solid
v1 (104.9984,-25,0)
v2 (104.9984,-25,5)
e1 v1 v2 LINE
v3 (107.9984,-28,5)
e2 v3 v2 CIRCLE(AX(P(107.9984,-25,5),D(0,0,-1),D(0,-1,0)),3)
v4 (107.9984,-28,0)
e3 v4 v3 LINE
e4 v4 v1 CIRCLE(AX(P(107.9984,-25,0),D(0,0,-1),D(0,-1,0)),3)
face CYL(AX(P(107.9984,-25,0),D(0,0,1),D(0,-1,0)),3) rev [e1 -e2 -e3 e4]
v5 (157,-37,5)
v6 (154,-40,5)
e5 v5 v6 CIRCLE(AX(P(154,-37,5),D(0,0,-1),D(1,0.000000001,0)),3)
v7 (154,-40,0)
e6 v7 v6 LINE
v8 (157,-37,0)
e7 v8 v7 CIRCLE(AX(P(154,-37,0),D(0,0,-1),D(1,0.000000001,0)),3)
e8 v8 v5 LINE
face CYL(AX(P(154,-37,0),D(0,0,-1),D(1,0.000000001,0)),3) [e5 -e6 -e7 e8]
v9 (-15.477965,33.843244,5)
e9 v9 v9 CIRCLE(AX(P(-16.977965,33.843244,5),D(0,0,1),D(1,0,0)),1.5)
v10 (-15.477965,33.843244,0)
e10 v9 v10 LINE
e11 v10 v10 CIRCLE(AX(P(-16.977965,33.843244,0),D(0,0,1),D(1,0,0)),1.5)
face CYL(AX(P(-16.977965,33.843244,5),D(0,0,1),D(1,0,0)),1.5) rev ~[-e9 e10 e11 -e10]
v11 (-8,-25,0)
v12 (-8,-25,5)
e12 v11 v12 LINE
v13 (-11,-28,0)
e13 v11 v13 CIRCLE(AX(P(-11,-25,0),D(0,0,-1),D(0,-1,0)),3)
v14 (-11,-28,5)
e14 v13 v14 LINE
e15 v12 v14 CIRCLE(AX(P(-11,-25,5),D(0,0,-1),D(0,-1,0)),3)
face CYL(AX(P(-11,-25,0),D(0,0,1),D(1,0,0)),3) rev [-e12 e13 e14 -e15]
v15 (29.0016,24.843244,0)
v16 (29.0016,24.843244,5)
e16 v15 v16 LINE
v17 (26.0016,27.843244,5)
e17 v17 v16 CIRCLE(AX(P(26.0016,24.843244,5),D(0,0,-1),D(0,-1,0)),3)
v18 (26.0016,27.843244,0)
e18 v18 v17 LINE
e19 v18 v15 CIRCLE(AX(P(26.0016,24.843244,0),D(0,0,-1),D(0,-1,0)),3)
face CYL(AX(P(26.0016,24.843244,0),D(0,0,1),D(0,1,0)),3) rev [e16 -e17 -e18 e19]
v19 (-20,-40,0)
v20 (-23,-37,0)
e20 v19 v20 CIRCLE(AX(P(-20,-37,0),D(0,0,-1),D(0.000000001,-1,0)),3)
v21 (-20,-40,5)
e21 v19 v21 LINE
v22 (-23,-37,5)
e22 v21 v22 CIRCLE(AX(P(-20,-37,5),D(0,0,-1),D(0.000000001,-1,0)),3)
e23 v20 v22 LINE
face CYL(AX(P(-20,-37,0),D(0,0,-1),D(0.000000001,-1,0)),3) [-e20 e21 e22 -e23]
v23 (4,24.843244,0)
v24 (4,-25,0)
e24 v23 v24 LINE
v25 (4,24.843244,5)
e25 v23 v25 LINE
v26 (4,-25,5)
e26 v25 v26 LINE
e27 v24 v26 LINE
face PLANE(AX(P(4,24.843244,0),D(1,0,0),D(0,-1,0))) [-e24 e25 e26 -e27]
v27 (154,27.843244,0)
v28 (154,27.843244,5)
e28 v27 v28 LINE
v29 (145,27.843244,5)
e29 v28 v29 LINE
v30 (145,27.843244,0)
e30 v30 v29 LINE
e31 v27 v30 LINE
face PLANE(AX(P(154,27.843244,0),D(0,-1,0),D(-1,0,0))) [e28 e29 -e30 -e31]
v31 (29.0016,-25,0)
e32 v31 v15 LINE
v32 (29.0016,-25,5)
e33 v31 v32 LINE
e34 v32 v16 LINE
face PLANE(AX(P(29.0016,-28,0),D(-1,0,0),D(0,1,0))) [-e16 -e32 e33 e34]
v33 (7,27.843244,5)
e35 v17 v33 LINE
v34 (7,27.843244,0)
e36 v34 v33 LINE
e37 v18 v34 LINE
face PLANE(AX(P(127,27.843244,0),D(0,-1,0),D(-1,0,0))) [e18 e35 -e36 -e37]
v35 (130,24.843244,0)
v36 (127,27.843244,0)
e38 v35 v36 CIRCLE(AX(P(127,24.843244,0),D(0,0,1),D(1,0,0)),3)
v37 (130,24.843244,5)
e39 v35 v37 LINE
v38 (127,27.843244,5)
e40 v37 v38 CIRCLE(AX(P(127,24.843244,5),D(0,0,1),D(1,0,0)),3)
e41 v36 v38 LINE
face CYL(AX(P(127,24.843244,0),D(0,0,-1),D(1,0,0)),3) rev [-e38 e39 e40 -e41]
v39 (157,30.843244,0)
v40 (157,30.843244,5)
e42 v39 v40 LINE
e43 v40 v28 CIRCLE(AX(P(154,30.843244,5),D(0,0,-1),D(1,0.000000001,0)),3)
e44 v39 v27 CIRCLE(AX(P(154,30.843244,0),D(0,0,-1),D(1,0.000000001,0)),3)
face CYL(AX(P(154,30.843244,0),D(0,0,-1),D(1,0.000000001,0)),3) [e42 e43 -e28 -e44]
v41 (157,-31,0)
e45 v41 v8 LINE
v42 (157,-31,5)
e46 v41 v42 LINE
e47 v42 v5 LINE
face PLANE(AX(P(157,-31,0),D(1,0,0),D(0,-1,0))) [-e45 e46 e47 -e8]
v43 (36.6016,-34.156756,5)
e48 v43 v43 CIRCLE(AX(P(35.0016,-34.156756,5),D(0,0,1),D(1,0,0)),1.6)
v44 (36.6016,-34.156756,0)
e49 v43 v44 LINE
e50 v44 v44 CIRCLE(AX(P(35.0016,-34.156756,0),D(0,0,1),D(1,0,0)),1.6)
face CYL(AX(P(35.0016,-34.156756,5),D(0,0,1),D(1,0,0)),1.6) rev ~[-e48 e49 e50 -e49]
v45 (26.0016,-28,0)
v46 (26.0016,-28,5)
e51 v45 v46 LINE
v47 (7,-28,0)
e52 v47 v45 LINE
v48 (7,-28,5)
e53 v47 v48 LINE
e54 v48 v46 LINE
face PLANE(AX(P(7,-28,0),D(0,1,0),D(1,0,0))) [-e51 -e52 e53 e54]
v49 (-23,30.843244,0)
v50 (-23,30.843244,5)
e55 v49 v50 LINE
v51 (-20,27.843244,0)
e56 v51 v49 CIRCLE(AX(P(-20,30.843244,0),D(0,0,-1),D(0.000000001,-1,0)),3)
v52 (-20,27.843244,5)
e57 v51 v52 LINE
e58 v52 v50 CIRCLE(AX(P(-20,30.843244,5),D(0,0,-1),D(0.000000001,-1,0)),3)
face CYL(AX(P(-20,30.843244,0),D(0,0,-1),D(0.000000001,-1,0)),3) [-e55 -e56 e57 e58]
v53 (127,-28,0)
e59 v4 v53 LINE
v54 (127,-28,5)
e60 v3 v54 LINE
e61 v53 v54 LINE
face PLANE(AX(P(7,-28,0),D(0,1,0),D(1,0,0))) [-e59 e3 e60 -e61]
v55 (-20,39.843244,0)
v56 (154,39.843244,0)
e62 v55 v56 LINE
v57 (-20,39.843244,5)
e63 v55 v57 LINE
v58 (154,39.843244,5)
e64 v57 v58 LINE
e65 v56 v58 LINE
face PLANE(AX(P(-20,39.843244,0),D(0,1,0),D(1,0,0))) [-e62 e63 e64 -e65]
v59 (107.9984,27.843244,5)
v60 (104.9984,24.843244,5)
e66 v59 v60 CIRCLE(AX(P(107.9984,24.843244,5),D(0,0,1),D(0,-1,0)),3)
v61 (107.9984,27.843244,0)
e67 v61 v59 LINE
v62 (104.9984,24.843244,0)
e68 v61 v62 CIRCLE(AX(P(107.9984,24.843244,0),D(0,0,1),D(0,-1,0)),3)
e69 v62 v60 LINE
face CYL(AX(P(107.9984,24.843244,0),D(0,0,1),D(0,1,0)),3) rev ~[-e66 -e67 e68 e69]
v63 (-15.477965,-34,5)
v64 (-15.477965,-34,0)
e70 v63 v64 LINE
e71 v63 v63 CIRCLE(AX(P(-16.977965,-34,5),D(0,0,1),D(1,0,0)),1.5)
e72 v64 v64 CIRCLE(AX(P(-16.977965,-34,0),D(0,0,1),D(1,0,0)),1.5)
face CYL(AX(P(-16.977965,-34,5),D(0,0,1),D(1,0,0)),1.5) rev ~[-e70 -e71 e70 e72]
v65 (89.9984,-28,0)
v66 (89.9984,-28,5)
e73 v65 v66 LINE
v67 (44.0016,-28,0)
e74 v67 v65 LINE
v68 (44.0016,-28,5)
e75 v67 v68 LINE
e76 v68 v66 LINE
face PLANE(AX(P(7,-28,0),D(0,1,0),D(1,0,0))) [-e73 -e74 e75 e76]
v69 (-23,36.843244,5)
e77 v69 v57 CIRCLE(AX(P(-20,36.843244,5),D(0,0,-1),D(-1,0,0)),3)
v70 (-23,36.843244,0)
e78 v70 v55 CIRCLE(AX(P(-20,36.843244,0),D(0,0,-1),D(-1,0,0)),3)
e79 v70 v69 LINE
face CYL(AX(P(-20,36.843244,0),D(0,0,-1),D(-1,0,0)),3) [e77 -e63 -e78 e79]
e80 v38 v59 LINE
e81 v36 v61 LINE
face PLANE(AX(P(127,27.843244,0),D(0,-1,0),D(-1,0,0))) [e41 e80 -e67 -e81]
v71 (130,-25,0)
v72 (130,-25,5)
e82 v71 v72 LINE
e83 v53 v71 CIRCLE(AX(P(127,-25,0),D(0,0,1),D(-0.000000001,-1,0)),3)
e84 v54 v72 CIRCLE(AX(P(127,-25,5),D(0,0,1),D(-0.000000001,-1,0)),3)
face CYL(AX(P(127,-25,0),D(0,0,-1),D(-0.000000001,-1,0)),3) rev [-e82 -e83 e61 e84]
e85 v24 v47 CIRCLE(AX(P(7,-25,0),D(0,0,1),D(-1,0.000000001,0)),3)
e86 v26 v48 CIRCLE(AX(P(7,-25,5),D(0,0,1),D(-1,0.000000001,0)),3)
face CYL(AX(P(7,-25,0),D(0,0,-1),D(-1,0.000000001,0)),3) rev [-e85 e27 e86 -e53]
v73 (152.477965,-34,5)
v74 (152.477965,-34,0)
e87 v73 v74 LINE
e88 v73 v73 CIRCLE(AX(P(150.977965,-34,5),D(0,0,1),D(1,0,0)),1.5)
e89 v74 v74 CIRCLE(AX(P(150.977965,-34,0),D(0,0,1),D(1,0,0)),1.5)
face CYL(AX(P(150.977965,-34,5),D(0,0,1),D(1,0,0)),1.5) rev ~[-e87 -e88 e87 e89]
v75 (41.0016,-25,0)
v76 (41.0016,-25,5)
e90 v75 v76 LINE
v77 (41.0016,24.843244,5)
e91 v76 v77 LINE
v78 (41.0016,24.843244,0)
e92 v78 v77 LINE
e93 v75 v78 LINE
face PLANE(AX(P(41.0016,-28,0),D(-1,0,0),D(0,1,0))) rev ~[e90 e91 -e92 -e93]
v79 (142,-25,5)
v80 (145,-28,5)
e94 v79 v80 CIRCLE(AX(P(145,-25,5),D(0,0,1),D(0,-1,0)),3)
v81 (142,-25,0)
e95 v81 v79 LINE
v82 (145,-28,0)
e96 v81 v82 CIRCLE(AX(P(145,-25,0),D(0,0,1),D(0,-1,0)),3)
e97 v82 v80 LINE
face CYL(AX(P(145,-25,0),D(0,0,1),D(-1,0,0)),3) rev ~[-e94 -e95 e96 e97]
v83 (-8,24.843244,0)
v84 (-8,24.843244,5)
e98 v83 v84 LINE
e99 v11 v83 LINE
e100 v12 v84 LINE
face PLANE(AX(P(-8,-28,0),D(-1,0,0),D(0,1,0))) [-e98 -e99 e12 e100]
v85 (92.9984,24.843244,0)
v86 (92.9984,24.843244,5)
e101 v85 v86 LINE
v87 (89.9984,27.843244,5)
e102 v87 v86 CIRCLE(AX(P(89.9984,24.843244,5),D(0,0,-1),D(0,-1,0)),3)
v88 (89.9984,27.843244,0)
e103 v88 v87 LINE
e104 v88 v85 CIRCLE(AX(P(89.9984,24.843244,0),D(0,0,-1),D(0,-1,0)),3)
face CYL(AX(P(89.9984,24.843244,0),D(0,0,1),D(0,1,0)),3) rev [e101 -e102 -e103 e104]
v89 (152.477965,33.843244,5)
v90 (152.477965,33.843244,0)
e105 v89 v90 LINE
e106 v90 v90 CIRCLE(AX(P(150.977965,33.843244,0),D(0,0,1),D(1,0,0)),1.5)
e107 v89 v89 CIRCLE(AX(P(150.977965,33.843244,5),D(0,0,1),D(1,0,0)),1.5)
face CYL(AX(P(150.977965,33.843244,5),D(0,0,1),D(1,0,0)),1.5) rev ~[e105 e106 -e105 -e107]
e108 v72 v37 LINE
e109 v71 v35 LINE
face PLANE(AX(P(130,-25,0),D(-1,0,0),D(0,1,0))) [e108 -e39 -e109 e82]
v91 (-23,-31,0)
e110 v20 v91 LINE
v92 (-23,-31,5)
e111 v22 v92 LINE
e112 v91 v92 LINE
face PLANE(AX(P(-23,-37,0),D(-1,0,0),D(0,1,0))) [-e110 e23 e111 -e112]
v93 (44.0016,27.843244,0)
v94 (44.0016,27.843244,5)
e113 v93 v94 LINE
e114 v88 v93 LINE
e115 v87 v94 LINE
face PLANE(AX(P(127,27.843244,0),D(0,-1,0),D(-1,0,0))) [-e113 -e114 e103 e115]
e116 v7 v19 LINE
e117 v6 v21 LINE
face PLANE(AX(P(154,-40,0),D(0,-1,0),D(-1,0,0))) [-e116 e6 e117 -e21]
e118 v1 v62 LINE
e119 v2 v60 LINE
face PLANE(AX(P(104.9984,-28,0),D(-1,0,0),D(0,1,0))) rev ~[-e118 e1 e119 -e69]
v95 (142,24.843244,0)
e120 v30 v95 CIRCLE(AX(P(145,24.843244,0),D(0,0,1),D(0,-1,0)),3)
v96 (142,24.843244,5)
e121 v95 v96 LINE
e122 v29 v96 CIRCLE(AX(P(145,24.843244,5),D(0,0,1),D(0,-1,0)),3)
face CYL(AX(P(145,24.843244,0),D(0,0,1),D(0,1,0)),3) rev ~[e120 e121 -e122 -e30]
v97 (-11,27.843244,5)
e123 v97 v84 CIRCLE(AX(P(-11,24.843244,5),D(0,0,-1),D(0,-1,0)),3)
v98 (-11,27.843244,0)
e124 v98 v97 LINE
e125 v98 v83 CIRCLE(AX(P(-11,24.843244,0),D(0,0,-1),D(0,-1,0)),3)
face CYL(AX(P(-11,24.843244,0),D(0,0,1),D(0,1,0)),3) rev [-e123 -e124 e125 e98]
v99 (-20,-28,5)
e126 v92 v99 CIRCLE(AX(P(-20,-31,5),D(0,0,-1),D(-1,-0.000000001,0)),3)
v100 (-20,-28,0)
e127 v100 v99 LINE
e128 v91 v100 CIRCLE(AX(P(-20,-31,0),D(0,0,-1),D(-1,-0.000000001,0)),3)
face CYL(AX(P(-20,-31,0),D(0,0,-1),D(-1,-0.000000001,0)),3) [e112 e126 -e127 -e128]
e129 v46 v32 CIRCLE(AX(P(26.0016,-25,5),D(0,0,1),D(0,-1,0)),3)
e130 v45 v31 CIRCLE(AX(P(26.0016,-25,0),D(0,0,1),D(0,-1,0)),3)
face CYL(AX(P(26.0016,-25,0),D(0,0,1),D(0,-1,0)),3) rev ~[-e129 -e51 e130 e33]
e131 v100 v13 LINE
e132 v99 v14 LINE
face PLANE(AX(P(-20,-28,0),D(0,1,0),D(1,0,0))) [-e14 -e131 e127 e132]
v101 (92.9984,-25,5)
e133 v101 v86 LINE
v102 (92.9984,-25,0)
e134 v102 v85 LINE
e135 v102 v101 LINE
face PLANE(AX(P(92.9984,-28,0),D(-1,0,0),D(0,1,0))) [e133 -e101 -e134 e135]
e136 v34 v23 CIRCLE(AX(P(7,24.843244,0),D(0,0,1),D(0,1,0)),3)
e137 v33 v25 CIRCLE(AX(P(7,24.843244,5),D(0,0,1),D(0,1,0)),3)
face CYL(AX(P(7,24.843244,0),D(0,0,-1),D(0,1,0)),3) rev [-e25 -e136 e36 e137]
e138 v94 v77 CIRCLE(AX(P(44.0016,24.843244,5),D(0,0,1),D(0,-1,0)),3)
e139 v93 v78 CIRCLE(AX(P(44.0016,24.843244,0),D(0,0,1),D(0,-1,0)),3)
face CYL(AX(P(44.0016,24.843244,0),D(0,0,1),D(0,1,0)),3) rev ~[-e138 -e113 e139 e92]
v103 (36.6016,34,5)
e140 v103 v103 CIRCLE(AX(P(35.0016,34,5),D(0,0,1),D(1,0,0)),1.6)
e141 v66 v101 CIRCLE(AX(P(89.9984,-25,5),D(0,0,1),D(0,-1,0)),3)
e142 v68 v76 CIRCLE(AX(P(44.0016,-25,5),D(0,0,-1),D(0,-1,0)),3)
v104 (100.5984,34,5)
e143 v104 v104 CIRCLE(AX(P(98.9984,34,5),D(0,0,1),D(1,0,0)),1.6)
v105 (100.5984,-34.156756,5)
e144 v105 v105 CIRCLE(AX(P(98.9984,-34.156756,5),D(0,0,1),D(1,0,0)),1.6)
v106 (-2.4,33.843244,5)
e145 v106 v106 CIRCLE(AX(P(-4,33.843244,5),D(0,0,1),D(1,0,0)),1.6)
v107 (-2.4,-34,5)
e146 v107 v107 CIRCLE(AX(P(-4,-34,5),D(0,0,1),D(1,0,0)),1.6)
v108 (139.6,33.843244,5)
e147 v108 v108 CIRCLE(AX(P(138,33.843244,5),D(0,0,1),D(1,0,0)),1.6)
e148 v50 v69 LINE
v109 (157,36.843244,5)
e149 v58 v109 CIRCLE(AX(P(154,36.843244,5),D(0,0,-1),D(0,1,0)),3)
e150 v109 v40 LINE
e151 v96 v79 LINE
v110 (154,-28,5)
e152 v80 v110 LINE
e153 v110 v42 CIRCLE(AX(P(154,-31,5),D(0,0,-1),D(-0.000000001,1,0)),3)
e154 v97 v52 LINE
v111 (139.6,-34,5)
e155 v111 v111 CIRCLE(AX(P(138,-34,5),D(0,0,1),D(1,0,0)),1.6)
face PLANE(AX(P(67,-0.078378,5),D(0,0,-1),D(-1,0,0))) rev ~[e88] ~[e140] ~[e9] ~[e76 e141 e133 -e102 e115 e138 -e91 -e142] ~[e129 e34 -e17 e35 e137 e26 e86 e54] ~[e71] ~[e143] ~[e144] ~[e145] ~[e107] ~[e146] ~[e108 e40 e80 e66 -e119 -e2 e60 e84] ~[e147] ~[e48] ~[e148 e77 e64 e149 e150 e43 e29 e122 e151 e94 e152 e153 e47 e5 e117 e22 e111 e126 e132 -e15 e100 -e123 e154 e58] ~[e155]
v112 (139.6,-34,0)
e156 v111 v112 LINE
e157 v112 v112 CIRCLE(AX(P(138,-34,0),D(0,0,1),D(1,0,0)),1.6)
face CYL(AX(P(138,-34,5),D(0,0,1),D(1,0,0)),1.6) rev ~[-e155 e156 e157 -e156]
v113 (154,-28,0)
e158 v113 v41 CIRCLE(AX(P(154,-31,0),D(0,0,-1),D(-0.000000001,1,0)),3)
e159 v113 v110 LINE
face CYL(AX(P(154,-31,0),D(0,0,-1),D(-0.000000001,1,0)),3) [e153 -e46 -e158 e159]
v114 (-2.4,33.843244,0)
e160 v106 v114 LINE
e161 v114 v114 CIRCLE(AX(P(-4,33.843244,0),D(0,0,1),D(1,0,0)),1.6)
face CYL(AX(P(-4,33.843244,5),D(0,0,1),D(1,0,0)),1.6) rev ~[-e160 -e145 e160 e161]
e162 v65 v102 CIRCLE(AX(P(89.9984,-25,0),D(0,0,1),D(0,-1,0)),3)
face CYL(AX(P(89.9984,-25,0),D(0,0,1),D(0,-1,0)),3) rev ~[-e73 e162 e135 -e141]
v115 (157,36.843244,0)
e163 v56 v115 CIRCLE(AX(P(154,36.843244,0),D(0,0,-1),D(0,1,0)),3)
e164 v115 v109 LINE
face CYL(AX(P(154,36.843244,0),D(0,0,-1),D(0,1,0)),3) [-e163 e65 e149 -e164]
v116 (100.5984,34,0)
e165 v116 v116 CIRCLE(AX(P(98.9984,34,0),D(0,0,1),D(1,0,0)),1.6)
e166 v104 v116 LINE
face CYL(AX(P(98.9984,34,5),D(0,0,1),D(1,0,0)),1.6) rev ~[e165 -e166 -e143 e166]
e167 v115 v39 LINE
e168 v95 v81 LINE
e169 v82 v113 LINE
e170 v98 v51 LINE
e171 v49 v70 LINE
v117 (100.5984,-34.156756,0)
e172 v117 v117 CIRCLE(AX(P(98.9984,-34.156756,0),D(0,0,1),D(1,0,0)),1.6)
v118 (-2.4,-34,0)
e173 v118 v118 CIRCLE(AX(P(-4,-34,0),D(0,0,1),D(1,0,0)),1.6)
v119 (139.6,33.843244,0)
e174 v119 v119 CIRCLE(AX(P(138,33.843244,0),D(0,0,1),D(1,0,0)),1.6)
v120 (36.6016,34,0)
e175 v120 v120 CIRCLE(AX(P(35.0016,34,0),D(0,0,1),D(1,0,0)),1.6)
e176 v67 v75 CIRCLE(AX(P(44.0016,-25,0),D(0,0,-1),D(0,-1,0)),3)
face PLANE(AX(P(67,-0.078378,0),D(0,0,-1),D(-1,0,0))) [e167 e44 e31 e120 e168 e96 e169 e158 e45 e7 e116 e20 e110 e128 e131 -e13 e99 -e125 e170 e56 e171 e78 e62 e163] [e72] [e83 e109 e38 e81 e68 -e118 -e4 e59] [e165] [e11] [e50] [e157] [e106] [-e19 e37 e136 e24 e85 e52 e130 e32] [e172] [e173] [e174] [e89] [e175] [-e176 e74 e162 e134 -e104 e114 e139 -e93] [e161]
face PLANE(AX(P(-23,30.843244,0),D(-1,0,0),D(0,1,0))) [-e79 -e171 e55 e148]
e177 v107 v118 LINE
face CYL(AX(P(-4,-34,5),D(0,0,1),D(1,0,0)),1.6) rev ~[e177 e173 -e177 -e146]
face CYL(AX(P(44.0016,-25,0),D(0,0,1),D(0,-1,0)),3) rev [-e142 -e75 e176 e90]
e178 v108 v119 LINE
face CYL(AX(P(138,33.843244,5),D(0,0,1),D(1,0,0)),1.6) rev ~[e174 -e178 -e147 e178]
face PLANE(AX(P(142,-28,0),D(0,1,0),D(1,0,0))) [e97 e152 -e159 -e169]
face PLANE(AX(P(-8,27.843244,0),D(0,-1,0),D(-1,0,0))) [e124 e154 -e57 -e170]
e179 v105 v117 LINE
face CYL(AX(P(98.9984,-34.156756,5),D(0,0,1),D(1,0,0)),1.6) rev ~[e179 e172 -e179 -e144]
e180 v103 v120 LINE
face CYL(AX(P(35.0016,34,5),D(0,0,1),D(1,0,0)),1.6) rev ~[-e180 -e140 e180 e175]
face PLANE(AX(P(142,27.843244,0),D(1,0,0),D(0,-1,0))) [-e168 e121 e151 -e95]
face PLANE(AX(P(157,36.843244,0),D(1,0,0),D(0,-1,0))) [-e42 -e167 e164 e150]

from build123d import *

# Parameters (mm, degrees)
EXTRUDE_1_DEPTH     = 5
FILLET_1_R          = 3
SKETCH_2_R          = 1.5
SKETCH_2_R_2        = 1.6
CUT_EXTRUDE_1_DEPTH = 7
SKETCH_3_W          = 12
SKETCH_3_H          = 55.843243592
EXTRUDE_2_DEPTH     = 5
FILLET_2_R          = 3


with BuildPart() as part:
    # 草图1 → 凸台-拉伸1 (new body)
    with BuildSketch(Plane.XY):
        with BuildLine():
            Line((-20, 39.843243592), (154, 39.843243592))
            ThreePointArc((154, 39.843243592), (156.121320344, 38.964563935), (157, 36.843243592))
            Line((157, 36.843243592), (157, 30.843243592))
            ThreePointArc((157, 30.843243592), (156.121320344, 28.721923248), (154, 27.843243592))
            Line((154, 27.843243592), (142, 27.843243592))
            Line((142, 27.843243592), (142, -28))
            Line((142, -28), (154, -28))
            ThreePointArc((154, -28), (156.121320344, -28.878679656), (157, -31))
            Line((157, -31), (157, -37))
            ThreePointArc((157, -37), (156.121320344, -39.121320344), (154, -40))
            Line((154, -40), (-20, -40))
            ThreePointArc((-20, -40), (-22.121320344, -39.121320344), (-23, -37))
            Line((-23, -37), (-23, -31))
            ThreePointArc((-23, -31), (-22.121320344, -28.878679656), (-20, -28))
            Line((-20, -28), (-8, -28))
            Line((-8, -28), (-8, 27.843243592))
            Line((-8, 27.843243592), (-20, 27.843243592))
            ThreePointArc((-20, 27.843243592), (-22.121320344, 28.721923248), (-23, 30.843243592))
            Line((-23, 30.843243592), (-23, 36.843243592))
            ThreePointArc((-23, 36.843243592), (-22.121320344, 38.964563935), (-20, 39.843243592))
        make_face()
        with BuildLine():
            ThreePointArc((7, 27.843243592), (4.878679656, 26.964563935), (4, 24.843243592))
            Line((4, 24.843243592), (4, -25))
            ThreePointArc((4, -25), (4.878679656, -27.121320344), (7, -28))
            Line((7, -28), (127, -28))
            ThreePointArc((127, -28), (129.121320344, -27.121320344), (130, -25))
            Line((130, -25), (130, 24.843243592))
            ThreePointArc((130, 24.843243592), (129.121320344, 26.964563935), (127, 27.843243592))
            Line((127, 27.843243592), (7, 27.843243592))
        make_face(mode=Mode.SUBTRACT)
    extrude(amount=EXTRUDE_1_DEPTH)

    # 圆角1
    fillet_1_edges = [part.edges().sort_by_distance(p)[0] for p in [
        (142, 27.843243592, 2.5),
        (142, -28, 2.5),
        (-8, -28, 2.5),
        (-8, 27.843243592, 2.5),
    ]]
    fillet(fillet_1_edges, radius=FILLET_1_R)

    # 草图2 → 切除-拉伸1 (cut)
    with BuildSketch(Plane.XY.offset(5)):
        with Locations((-16.977965312, 33.843243592)):
            Circle(SKETCH_2_R)
        with Locations((-4, 33.843243592)):
            Circle(SKETCH_2_R_2)
        with Locations((35.001599808, 34)):
            Circle(SKETCH_2_R_2)
        with Locations((98.998400192, 34)):
            Circle(SKETCH_2_R_2)
        with Locations((138, 33.843243592)):
            Circle(SKETCH_2_R_2)
        with Locations((150.977965312, 33.843243592)):
            Circle(SKETCH_2_R)
        with Locations((150.977965312, -34)):
            Circle(SKETCH_2_R)
        with Locations((138, -34)):
            Circle(SKETCH_2_R_2)
        with Locations((98.998400192, -34.156756408)):
            Circle(SKETCH_2_R_2)
        with Locations((35.001599808, -34.156756408)):
            Circle(SKETCH_2_R_2)
        with Locations((-4, -34)):
            Circle(SKETCH_2_R_2)
        with Locations((-16.977965312, -34)):
            Circle(SKETCH_2_R)
    extrude(amount=-CUT_EXTRUDE_1_DEPTH, mode=Mode.SUBTRACT)

    # 草图3 → 凸台-拉伸2 (add)
    with BuildSketch(Plane(origin=(0, 0, 0), x_dir=(-1, 0, 0), z_dir=(0, 0, -1))):
        with Locations((-98.998400192, -0.078378204)):
            Rectangle(SKETCH_3_W, SKETCH_3_H)
        with Locations((-35.001599808, -0.078378204)):
            Rectangle(SKETCH_3_W, SKETCH_3_H)
    extrude(amount=-EXTRUDE_2_DEPTH)

    # 圆角2
    fillet_2_edges = [part.edges().sort_by_distance(p)[0] for p in [
        (104.998400192, -28, 2.5),
        (104.998400192, 27.843243592, 2.5),
        (92.998400192, 27.843243592, 2.5),
        (92.998400192, -28, 2.5),
        (41.001599808, -28, 2.5),
        (41.001599808, 27.843243592, 2.5),
        (29.001599808, 27.843243592, 2.5),
        (29.001599808, -28, 2.5),
    ]]
    fillet(fillet_2_edges, radius=FILLET_2_R)


solid = part.part
